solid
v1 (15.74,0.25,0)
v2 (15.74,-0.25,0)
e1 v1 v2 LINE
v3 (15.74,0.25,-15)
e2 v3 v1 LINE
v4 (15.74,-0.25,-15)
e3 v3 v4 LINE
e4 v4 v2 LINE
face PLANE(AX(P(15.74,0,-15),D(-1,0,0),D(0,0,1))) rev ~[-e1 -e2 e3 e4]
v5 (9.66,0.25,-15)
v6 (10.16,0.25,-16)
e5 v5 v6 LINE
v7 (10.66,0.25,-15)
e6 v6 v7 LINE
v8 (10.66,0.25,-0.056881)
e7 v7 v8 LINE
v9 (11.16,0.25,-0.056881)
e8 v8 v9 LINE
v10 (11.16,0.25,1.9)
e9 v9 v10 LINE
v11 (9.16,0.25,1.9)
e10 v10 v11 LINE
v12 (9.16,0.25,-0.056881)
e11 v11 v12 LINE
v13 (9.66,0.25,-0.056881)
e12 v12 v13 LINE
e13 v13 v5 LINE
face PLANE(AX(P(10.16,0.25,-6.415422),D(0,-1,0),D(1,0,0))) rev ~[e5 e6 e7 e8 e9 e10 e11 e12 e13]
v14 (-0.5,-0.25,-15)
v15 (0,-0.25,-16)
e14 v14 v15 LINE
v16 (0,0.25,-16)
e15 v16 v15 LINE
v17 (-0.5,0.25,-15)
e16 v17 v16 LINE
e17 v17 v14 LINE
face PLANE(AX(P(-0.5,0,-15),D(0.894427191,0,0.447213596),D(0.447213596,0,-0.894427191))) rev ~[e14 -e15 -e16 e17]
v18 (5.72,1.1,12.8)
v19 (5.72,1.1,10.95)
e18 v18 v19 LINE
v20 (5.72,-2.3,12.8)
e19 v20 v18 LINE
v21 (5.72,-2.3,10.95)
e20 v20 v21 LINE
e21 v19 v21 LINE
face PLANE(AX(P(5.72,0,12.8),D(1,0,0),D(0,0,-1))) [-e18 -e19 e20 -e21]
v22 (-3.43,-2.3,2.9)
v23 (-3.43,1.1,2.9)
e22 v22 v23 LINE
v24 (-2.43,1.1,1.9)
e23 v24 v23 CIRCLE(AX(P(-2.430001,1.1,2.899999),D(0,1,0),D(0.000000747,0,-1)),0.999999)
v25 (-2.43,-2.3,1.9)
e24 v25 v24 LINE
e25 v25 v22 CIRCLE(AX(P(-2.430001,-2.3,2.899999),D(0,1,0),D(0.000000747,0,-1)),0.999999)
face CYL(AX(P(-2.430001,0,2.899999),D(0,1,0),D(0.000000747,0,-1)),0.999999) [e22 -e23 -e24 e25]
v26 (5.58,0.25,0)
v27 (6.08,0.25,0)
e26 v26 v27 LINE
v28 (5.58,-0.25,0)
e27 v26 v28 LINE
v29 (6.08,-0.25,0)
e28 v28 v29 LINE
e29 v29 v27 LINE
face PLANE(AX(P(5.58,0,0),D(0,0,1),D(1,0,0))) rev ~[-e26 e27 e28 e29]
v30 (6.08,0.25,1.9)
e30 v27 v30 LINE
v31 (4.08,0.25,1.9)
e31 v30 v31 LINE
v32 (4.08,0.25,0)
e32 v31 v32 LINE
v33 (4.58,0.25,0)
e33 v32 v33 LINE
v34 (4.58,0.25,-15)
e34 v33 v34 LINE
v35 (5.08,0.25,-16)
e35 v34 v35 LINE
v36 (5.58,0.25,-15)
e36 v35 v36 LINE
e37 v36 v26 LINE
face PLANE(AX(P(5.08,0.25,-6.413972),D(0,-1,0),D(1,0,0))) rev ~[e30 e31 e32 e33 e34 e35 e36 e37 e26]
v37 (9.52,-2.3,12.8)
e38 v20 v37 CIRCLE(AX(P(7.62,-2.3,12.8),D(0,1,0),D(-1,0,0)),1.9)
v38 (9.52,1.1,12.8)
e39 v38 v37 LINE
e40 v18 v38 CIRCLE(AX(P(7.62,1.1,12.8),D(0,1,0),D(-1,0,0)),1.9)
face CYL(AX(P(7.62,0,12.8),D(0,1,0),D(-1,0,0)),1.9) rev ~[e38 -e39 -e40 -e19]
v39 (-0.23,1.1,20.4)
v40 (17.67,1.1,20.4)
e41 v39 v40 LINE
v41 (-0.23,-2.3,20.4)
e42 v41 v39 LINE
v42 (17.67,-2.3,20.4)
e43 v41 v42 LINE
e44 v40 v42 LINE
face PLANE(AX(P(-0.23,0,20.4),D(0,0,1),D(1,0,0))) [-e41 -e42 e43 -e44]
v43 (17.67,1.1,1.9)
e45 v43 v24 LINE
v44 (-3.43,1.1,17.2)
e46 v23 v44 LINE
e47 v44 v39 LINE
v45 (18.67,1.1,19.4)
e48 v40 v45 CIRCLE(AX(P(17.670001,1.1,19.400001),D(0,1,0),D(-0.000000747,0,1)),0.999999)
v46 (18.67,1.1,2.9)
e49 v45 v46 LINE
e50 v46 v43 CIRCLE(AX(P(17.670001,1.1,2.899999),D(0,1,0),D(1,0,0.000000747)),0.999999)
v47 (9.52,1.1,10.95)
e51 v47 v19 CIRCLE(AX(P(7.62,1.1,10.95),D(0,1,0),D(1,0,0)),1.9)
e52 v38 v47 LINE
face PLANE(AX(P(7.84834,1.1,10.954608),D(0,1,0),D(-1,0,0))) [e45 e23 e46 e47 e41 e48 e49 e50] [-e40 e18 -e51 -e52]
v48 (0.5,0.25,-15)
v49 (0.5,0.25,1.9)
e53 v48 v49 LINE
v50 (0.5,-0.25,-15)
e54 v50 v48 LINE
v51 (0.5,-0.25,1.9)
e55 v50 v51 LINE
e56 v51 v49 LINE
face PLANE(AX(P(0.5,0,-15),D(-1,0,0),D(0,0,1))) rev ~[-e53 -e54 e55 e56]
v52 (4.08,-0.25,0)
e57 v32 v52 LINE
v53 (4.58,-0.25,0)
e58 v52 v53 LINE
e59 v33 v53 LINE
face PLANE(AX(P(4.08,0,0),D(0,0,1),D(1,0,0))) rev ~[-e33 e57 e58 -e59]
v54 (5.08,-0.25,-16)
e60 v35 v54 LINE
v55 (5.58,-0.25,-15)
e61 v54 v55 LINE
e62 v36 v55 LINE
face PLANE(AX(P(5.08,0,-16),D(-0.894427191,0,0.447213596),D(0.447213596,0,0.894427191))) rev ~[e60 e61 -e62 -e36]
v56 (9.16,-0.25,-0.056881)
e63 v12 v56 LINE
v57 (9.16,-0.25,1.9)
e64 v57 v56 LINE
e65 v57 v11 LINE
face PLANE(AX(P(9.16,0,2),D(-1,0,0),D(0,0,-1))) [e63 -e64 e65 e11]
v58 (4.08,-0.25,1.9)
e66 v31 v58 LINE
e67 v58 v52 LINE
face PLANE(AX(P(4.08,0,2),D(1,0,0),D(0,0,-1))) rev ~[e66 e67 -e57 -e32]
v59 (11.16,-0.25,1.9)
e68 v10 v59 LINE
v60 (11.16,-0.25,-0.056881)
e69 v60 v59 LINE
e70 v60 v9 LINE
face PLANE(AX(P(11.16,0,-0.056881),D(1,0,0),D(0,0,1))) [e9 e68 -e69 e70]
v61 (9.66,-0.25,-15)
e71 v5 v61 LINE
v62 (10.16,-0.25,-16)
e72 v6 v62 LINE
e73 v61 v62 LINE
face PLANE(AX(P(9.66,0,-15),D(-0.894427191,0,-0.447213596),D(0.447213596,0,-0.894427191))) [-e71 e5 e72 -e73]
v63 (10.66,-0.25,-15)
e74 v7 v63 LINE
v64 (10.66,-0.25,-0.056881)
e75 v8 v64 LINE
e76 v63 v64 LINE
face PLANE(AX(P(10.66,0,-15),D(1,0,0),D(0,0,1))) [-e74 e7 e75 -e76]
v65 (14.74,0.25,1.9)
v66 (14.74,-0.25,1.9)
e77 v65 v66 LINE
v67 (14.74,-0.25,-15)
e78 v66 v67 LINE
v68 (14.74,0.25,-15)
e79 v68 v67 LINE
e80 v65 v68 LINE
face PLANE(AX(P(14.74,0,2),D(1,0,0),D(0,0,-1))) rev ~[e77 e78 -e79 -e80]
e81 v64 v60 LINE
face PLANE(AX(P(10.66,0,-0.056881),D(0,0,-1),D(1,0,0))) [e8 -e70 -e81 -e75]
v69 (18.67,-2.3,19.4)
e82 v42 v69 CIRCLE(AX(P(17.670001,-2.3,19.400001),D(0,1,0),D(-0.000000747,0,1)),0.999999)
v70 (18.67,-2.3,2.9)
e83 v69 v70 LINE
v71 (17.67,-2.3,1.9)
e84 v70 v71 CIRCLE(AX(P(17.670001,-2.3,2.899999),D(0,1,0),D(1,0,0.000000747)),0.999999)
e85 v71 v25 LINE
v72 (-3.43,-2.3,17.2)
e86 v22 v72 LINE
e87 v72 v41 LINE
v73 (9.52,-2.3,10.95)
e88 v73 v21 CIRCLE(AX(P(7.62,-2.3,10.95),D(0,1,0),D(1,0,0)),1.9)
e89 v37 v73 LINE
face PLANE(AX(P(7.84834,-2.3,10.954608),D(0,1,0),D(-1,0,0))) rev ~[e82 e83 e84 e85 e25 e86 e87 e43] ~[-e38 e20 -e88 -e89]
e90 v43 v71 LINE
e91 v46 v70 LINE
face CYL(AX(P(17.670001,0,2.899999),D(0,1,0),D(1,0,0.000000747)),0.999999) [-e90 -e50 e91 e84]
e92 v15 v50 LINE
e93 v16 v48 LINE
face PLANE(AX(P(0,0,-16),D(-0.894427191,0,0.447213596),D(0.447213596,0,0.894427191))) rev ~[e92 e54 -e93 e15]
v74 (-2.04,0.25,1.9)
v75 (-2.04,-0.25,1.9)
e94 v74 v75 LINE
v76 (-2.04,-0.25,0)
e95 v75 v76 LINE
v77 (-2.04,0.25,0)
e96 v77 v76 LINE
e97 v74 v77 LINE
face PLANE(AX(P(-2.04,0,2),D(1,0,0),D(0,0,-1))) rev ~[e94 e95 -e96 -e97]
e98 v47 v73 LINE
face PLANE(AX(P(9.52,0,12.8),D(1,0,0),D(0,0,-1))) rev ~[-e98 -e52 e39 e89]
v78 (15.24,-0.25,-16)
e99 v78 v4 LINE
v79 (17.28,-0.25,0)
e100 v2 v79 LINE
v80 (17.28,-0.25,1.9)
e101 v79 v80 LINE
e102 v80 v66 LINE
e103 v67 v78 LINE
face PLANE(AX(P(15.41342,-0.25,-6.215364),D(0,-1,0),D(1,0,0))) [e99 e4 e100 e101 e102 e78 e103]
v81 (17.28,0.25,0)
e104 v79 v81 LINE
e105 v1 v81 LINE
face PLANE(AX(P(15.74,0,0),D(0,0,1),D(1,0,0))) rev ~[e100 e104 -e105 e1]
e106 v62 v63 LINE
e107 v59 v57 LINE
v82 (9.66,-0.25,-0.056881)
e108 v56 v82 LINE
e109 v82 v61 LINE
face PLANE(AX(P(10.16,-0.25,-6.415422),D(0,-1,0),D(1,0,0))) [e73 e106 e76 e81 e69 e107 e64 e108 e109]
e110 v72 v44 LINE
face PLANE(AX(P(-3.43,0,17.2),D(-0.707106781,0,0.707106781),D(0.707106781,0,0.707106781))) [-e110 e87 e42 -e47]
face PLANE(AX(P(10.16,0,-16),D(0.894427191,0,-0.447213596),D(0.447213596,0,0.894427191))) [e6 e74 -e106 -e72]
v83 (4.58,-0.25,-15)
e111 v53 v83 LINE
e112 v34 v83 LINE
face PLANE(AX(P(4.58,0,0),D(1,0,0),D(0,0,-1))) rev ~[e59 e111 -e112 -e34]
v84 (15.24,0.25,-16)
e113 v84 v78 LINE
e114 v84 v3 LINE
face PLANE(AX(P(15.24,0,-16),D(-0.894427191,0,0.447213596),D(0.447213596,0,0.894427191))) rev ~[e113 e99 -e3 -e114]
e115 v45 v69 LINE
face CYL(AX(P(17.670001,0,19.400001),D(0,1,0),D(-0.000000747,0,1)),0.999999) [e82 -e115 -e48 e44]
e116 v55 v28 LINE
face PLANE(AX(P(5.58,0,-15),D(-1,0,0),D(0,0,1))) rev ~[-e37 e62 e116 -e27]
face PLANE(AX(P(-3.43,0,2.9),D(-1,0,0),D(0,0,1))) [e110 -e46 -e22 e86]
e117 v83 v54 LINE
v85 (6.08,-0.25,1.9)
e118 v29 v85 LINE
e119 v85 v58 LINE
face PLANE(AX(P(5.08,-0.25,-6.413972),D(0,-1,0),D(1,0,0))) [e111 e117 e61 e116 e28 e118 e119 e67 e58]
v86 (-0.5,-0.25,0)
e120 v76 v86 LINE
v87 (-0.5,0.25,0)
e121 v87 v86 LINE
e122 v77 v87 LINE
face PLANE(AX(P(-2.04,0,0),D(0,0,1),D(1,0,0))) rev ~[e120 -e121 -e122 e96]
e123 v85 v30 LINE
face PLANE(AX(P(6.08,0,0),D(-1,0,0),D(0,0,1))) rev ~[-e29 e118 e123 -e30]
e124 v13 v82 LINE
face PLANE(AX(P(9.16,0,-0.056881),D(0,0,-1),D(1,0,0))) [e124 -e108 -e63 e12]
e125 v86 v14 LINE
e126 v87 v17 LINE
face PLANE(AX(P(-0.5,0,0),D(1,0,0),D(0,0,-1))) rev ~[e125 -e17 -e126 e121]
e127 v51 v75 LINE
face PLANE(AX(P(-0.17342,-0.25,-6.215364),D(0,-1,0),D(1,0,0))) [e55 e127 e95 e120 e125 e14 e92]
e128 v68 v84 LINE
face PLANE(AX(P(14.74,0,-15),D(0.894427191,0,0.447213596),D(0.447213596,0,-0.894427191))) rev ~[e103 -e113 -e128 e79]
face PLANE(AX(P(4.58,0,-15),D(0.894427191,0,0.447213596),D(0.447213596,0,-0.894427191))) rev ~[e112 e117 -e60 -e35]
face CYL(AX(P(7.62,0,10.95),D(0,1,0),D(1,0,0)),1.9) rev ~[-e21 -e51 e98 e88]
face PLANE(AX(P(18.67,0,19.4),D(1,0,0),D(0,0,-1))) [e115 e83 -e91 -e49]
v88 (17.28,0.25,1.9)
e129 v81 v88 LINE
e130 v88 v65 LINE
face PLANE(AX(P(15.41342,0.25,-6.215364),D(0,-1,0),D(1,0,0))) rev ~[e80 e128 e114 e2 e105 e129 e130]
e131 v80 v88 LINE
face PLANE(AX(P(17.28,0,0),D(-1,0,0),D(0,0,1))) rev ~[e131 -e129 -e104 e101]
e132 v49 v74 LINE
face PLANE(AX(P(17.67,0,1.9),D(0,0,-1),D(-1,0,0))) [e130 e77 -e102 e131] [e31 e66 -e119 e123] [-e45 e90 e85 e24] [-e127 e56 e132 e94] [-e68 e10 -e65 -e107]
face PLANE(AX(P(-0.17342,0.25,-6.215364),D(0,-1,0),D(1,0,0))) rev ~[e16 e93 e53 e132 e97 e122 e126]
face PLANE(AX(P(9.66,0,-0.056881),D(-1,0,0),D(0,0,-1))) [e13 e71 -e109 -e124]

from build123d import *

# Parameters (mm, degrees)
PAD_DEPTH         = 0.25
PAD001_DEPTH      = 1.1
PAD001_DEPTH_BACK = 2.3


with BuildPart() as pad:
    # Sketch → Pad (new body, symmetric)
    with BuildSketch(Plane.XZ):
        Polygon((-2.04, 2), (-2.04, 0), (-0.5, 0), (-0.5, -15), (0, -16), (0.5, -15), (0.5, 2), align=None)
        Polygon((14.74, 2), (14.74, -15), (15.24, -16), (15.74, -15), (15.74, 0), (17.28, 0), (17.28, 2), align=None)
        Polygon((4.08, 2), (4.08, 0), (4.58, 0), (4.58, -15), (5.08, -16), (5.58, -15), (5.58, 0), (6.08, 0), (6.08, 2), align=None)
        Polygon((9.16, 2), (9.16, -0.056881), (9.66, -0.056881), (9.66, -15), (10.16, -16), (10.66, -15), (10.66, -0.056881), (11.16, -0.056881), (11.16, 2), align=None)
    extrude(amount=PAD_DEPTH, both=True)


with BuildPart() as diode_bridge_vishay_gbu:
    # Sketch001 → Pad001 (new body, two sides)
    with BuildSketch(Plane(origin=(15.24, 0, 0), x_dir=(-1, 0, 0), z_dir=(0, 1, 0))) as pad001_sk:
        with BuildLine():
            Line((-2.43, 1.9), (17.67, 1.9))
            ThreePointArc((17.67, 1.9), (18.377107, 2.192893), (18.67, 2.9))
            Line((18.67, 2.9), (18.67, 17.2))
            Line((18.67, 17.2), (15.47, 20.4))
            Line((15.47, 20.4), (-2.43, 20.4))
            ThreePointArc((-2.43, 20.4), (-3.137107, 20.107107), (-3.43, 19.4))
            Line((-3.43, 19.4), (-3.43, 2.9))
            ThreePointArc((-3.43, 2.9), (-3.137107, 2.192893), (-2.43, 1.9))
        make_face()
        with BuildLine():
            ThreePointArc((9.52, 12.8), (7.62, 14.7), (5.72, 12.8))
            Line((5.72, 12.8), (5.72, 10.95))
            ThreePointArc((5.72, 10.95), (7.62, 9.05), (9.52, 10.95))
            Line((9.52, 12.8), (9.52, 10.95))
        make_face(mode=Mode.SUBTRACT)
    extrude(amount=PAD001_DEPTH)
    extrude(pad001_sk.sketch, amount=-PAD001_DEPTH_BACK)

    # Pad001_mp_cp: union Pad
    add(pad.part)


solid = diode_bridge_vishay_gbu.part
